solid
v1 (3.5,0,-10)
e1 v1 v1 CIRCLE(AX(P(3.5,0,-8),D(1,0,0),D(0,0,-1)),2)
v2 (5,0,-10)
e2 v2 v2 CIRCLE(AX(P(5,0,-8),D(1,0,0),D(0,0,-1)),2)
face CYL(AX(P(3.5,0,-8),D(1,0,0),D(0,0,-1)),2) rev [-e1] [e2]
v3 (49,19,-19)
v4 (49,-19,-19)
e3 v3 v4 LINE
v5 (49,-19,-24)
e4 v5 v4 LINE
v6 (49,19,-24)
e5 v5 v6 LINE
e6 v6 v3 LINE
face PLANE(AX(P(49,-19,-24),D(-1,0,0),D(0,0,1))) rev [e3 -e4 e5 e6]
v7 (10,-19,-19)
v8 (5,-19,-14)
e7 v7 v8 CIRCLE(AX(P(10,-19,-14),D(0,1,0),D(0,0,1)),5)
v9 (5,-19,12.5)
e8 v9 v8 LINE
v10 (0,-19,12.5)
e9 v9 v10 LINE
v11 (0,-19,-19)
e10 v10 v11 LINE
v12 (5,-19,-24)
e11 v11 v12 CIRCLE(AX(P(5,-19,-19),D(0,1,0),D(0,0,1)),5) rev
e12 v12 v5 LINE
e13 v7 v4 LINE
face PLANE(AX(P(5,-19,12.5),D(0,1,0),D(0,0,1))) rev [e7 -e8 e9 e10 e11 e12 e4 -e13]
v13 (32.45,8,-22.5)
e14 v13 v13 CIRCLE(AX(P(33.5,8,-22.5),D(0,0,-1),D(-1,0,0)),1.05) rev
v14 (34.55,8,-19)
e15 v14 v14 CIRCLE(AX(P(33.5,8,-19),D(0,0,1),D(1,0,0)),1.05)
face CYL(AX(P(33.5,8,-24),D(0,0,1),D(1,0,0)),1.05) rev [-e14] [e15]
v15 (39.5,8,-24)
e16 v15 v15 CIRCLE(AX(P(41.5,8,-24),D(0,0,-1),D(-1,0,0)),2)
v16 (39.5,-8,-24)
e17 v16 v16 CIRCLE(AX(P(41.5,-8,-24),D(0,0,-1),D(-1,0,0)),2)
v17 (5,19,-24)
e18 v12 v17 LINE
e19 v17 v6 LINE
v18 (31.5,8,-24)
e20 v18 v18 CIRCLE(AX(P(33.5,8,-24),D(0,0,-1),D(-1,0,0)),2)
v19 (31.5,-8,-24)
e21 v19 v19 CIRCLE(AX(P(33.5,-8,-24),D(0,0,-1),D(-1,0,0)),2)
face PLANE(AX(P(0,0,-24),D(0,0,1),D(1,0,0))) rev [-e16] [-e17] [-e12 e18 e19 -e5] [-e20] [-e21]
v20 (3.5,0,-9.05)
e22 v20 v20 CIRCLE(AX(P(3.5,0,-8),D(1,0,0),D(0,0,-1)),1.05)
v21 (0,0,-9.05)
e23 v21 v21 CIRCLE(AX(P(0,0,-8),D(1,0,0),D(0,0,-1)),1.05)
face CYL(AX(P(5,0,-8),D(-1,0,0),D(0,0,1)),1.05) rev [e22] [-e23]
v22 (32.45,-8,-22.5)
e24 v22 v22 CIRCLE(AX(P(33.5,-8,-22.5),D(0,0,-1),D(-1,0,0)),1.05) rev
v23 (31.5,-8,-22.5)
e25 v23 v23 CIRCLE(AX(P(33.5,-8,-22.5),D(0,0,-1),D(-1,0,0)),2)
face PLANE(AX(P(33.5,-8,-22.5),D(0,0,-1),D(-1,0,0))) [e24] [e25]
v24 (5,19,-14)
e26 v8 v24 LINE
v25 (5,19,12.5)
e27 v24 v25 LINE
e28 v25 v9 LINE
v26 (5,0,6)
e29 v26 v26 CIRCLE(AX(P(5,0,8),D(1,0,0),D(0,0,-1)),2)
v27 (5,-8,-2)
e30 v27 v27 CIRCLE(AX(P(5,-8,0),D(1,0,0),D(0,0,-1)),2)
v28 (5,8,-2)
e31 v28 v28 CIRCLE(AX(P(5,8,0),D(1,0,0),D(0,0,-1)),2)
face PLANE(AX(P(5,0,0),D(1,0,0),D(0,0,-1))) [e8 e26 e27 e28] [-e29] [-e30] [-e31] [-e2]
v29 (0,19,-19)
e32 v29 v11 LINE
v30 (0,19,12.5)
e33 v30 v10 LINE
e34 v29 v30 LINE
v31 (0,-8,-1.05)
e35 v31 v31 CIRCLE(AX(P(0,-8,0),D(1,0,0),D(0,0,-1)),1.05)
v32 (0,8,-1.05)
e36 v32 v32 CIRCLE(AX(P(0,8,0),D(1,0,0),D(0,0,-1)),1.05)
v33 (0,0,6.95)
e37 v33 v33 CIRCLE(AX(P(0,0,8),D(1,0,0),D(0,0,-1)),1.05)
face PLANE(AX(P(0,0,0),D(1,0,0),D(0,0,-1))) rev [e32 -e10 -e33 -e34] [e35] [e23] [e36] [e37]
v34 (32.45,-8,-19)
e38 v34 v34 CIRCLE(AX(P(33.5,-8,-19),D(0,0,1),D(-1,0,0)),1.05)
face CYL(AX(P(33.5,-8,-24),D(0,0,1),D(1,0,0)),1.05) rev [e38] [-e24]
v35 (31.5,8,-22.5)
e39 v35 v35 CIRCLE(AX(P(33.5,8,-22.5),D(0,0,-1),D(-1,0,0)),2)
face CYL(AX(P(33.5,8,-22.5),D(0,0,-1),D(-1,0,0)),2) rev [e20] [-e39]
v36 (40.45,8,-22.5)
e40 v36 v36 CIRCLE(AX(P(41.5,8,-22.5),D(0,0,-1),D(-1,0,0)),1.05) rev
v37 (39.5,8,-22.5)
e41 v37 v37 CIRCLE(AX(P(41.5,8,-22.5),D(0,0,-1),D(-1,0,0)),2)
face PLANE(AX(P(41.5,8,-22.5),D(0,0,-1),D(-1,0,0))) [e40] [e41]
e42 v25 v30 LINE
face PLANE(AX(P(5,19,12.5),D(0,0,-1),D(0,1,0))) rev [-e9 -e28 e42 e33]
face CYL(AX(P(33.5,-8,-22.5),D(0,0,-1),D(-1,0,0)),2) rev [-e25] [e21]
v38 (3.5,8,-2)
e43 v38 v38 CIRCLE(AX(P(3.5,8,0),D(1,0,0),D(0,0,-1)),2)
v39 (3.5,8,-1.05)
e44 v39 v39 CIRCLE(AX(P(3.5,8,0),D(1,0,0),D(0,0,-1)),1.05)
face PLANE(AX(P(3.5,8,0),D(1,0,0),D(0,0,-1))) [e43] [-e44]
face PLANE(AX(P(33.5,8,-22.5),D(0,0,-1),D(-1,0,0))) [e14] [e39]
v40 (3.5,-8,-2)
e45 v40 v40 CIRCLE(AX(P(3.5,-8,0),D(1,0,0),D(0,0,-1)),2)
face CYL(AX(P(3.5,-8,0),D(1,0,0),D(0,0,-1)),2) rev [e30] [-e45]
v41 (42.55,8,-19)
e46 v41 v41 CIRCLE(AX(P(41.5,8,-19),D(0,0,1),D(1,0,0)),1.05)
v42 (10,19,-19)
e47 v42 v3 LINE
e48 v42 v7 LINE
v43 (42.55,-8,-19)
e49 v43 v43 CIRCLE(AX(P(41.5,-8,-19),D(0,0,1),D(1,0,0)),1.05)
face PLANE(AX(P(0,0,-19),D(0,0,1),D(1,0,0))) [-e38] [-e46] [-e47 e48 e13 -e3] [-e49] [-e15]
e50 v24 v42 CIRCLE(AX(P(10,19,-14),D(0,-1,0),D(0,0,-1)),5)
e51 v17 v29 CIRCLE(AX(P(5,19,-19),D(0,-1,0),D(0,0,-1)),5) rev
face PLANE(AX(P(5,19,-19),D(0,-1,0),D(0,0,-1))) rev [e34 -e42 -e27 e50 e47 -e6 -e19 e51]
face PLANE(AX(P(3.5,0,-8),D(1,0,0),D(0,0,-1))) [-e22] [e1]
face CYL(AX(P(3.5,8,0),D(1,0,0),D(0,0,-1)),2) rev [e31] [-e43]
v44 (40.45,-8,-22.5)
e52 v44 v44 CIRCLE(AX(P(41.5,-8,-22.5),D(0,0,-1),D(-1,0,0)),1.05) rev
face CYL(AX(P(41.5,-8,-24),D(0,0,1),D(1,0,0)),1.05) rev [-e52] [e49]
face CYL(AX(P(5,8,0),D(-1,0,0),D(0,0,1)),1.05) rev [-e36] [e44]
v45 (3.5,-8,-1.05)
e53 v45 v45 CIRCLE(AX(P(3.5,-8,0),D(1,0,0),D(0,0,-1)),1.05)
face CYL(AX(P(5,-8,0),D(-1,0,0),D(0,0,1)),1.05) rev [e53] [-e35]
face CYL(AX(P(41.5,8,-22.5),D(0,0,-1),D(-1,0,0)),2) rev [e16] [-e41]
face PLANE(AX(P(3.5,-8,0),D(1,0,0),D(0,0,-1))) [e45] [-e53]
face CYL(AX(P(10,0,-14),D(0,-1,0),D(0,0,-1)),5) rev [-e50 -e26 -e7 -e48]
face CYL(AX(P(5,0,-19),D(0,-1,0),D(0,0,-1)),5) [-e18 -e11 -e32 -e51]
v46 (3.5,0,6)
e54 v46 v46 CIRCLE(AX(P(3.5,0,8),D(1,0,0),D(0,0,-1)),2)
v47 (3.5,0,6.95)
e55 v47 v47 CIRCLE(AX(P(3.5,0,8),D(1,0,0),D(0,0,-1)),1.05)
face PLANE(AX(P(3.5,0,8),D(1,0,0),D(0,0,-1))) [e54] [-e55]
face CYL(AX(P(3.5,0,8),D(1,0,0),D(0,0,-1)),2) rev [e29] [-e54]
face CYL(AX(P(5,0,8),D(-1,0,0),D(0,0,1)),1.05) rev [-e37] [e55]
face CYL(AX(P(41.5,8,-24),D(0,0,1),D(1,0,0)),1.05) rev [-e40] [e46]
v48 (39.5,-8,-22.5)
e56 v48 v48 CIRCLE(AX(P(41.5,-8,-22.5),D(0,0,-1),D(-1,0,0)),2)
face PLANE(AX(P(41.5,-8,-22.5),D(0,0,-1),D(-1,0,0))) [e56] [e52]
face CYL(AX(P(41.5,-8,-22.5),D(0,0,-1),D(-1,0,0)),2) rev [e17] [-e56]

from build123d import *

# Parameters (mm, degrees)
SKETCH1_W           = 31.5
SKETCH1_H           = 38
BOSS_EXTRUDE1_DEPTH = 5
SKETCH3_W           = 64
SKETCH3_H           = 38
BOSS_EXTRUDE3_DEPTH = 5
SKETCH7_R           = 1.05
CUT_EXTRUDE3_DEPTH  = 5
SKETCH8_W           = 10
SKETCH8_H           = 38
CUT_EXTRUDE4_DEPTH  = 10
FILLET1_R           = 5
SKETCH9_R           = 2
CUT_EXTRUDE5_DEPTH  = 1.5
SKETCH11_R          = 2
CUT_EXTRUDE7_DEPTH  = 1.5
CUT_EXTRUDE8_DEPTH  = 39


with BuildPart() as part:
    # Sketch1 → Boss-Extrude1 (new body)
    with BuildSketch(Plane(origin=(0, 0, 0), x_dir=(0, 0, -1), z_dir=(1, 0, 0))):
        with Locations((3.25, 0)):
            Rectangle(SKETCH1_W, SKETCH1_H)
        with BuildLine():
            ThreePointArc((1.05, 8), (0, 9.05), (-1.05, 8))
            ThreePointArc((-1.05, 8), (0, 6.95), (1.05, 8))
        make_face(mode=Mode.SUBTRACT)
        with BuildLine():
            ThreePointArc((6.95, 0), (8, -1.05), (9.05, 0))
            ThreePointArc((9.05, 0), (8, 1.05), (6.95, 0))
        make_face(mode=Mode.SUBTRACT)
        with BuildLine():
            ThreePointArc((-1.05, -8), (0, -9.05), (1.05, -8))
            ThreePointArc((1.05, -8), (0, -6.95), (-1.05, -8))
        make_face(mode=Mode.SUBTRACT)
        with BuildLine():
            ThreePointArc((-9.05, 0), (-8, -1.05), (-6.95, 0))
            ThreePointArc((-6.95, 0), (-8, 1.05), (-9.05, 0))
        make_face(mode=Mode.SUBTRACT)
    extrude(amount=BOSS_EXTRUDE1_DEPTH)

    # Sketch3 → Boss-Extrude3 (add)
    with BuildSketch(Plane(origin=(0, 0, -19), x_dir=(-1, 0, 0), z_dir=(0, 0, -1))):
        with Locations((-32, 0)):
            Rectangle(SKETCH3_W, SKETCH3_H)
    extrude(amount=BOSS_EXTRUDE3_DEPTH)

    # Sketch7 → Cut-Extrude3 (cut)
    with BuildSketch(Plane.XY.offset(-19)):
        with Locations((33.5, 8)):
            Circle(SKETCH7_R)
        with Locations((33.5, -8)):
            Circle(SKETCH7_R)
        with BuildLine():
            ThreePointArc((41.5, -6.95), (40.45, -8), (41.5, -9.05))
            ThreePointArc((41.5, -9.05), (42.55, -8), (41.5, -6.95))
        make_face()
        with BuildLine():
            ThreePointArc((41.5, 9.05), (40.45, 8), (41.5, 6.95))
            ThreePointArc((41.5, 6.95), (42.55, 8), (41.5, 9.05))
        make_face()
    extrude(amount=-CUT_EXTRUDE3_DEPTH, mode=Mode.SUBTRACT)

    # Sketch8 → Cut-Extrude4 (cut)
    with BuildSketch(Plane(origin=(0, 0, -24), x_dir=(-1, 0, 0), z_dir=(0, 0, -1))):
        with Locations((-59, 0)):
            Rectangle(SKETCH8_W, SKETCH8_H)
    extrude(amount=-CUT_EXTRUDE4_DEPTH, mode=Mode.SUBTRACT)

    # Fillet1
    fillet1_edges = [part.edges().sort_by_distance(p)[0] for p in [
        (0, 0, -24),
        (5, 0, -19),
    ]]
    fillet(fillet1_edges, radius=FILLET1_R)

    # Sketch9 → Cut-Extrude5 (cut)
    with BuildSketch(Plane(origin=(0, 0, -24), x_dir=(-1, 0, 0), z_dir=(0, 0, -1))):
        with Locations((-41.5, 8)):
            Circle(SKETCH9_R)
        with Locations((-41.5, -8)):
            Circle(SKETCH9_R)
        with Locations((-33.5, 8)):
            Circle(SKETCH9_R)
        with Locations((-33.5, -8)):
            Circle(SKETCH9_R)
    extrude(amount=-CUT_EXTRUDE5_DEPTH, mode=Mode.SUBTRACT)

    # Sketch11 → Cut-Extrude7 (cut)
    with BuildSketch(Plane(origin=(5, 0, 0), x_dir=(0, 0, -1), z_dir=(1, 0, 0))):
        with Locations((0, 8)):
            Circle(SKETCH11_R)
        with Locations((-8, 0)):
            Circle(SKETCH11_R)
        with Locations((0, -8)):
            Circle(SKETCH11_R)
        with Locations((8, 0)):
            Circle(SKETCH11_R)
    extrude(amount=-CUT_EXTRUDE7_DEPTH, mode=Mode.SUBTRACT)

    # Sketch12 → Cut-Extrude8 (cut, through all)
    with BuildSketch(Plane(origin=(0, 19, 0), x_dir=(1, 0, 0), z_dir=(0, 1, 0))):
        Polygon((54, 24), (49, 24), (49, 17.432960287), (56.636110038, 15.929403626), (56.327583627, 23.530489308), align=None)
    extrude(amount=-CUT_EXTRUDE8_DEPTH, mode=Mode.SUBTRACT)


solid = part.part
